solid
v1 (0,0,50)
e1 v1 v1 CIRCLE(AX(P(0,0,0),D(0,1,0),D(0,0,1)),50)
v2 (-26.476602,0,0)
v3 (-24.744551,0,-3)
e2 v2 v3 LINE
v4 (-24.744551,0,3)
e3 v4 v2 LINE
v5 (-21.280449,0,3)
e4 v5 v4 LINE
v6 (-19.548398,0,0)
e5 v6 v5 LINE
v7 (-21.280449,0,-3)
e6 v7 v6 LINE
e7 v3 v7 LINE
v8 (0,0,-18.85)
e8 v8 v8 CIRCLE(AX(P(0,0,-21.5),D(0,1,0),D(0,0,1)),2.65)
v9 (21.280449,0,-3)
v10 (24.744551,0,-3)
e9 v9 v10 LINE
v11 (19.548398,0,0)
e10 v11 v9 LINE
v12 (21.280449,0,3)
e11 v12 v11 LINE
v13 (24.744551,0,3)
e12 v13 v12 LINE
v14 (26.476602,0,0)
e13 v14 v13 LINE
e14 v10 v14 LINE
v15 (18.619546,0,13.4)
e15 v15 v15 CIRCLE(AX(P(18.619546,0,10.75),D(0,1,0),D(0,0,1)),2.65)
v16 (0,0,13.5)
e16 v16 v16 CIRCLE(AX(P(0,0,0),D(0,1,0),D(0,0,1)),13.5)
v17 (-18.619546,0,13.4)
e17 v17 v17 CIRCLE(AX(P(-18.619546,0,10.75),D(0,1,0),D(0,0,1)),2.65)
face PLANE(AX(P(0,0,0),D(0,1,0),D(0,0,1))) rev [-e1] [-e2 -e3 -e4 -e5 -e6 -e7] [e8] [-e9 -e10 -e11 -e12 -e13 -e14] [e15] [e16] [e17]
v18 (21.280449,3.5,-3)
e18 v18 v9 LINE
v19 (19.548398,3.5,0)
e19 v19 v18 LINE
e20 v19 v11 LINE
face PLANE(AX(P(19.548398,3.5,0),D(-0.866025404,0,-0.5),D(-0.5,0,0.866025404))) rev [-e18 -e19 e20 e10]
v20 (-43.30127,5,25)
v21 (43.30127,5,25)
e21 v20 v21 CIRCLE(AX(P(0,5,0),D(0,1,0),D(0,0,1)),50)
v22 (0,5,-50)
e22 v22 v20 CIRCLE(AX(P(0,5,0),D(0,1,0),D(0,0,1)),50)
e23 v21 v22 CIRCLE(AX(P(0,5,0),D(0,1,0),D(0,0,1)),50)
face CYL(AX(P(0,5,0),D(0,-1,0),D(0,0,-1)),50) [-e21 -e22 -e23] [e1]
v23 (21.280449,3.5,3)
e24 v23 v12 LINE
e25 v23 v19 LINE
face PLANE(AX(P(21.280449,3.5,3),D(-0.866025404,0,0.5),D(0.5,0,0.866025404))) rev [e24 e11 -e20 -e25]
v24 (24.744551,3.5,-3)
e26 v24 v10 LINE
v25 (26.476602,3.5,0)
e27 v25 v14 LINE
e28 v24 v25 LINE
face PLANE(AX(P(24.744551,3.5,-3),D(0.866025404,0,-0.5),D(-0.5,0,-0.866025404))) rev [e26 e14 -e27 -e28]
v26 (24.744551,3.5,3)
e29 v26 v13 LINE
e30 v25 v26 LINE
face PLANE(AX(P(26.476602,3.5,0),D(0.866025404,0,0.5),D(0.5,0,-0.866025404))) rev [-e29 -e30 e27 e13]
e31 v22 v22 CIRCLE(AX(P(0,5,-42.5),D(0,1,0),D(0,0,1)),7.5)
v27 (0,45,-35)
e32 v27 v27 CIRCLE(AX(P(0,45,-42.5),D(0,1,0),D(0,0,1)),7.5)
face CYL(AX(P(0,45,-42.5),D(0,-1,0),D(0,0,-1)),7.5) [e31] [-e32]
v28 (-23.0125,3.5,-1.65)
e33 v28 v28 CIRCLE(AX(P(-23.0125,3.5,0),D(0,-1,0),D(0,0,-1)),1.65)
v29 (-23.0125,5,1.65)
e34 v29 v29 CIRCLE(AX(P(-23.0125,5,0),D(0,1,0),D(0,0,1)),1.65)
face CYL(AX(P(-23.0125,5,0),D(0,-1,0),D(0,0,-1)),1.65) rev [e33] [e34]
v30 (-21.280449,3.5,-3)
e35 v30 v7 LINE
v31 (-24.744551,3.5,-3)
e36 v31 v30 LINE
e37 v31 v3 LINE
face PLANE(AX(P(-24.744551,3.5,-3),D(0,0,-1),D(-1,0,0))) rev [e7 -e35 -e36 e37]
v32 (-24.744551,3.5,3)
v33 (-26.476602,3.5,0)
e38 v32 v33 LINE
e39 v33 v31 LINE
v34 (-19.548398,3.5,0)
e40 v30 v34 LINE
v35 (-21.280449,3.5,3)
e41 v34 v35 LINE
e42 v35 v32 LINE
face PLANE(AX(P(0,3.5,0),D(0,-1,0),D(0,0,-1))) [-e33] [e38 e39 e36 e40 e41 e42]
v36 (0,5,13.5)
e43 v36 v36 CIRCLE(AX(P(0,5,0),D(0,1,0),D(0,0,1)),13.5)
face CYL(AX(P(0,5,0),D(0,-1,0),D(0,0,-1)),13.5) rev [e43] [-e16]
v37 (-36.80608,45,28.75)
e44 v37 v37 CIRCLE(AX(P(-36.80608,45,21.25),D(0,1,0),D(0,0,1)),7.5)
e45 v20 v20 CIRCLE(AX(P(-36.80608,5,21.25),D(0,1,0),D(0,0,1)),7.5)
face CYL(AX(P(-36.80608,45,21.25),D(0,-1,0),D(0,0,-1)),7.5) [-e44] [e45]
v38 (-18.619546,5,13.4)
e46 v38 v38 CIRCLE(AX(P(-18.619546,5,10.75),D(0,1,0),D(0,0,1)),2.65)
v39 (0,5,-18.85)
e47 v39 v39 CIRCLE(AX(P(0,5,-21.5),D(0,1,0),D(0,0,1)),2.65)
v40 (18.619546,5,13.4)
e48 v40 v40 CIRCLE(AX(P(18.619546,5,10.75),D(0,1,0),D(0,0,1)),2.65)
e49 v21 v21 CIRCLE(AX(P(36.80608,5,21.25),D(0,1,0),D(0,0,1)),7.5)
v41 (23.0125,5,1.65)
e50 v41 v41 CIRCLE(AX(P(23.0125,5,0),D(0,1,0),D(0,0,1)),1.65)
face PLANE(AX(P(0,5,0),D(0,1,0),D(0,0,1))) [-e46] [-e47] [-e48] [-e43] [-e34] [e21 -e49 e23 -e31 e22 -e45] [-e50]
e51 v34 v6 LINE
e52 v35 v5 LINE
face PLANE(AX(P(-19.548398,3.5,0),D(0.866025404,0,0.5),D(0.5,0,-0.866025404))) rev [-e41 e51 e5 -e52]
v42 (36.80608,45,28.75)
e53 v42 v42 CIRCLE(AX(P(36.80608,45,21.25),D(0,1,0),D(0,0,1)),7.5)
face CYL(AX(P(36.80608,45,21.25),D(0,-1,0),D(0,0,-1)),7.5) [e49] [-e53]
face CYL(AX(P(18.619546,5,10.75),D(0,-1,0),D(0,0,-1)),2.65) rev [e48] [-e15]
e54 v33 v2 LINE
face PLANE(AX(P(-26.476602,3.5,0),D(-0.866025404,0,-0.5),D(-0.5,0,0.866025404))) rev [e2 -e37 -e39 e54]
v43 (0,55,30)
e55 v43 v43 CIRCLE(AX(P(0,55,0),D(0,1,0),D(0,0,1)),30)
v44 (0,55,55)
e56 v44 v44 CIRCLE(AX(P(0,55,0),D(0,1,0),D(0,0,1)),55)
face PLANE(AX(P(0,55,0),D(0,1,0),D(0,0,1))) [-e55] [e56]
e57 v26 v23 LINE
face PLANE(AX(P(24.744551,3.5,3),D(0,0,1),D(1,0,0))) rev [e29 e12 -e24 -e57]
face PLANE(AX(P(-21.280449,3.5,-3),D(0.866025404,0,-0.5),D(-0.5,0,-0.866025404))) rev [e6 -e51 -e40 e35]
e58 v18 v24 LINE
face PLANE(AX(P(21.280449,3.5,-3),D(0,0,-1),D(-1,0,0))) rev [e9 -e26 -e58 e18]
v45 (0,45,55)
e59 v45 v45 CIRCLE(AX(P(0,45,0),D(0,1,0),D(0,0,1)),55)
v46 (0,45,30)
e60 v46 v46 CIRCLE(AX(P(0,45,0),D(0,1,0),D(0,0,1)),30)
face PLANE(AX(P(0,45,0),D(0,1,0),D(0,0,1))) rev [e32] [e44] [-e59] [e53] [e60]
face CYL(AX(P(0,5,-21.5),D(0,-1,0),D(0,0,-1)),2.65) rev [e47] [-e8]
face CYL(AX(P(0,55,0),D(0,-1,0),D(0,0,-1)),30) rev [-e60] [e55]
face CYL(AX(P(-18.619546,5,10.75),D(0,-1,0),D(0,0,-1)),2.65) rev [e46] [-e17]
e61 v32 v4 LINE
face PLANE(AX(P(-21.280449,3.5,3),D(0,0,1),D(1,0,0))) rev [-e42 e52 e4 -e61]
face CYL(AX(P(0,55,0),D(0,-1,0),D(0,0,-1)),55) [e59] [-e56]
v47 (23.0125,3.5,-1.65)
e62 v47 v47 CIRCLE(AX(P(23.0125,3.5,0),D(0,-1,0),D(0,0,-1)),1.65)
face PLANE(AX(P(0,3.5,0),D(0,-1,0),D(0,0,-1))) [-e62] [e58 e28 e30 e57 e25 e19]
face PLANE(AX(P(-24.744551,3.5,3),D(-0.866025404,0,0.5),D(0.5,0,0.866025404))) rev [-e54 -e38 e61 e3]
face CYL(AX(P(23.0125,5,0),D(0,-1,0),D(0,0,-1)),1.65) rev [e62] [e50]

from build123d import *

# Parameters (mm, degrees)
SKETCH1_R           = 50
SKETCH1_R_2         = 13.5
SKETCH1_R_3         = 2.65
SKETCH1_R_4         = 1.65
BOSS_EXTRUDE1_DEPTH = 5
SKETCH3_R           = 7.5
BOSS_EXTRUDE2_DEPTH = 40
SKETCH4_R           = 55
SKETCH4_R_2         = 30
BOSS_EXTRUDE3_DEPTH = 10
CUT_EXTRUDE1_DEPTH  = 3.5


with BuildPart() as part:
    # Sketch1 → Boss-Extrude1 (new body)
    with BuildSketch(Plane(origin=(0, 0, 0), x_dir=(1, 0, 0), z_dir=(0, 1, 0))):
        with Locations(Location((0, 0, 0), (0, 0, 270))):
            Circle(SKETCH1_R)
        with Locations(Location((0, 0, 0), (0, 0, 270))):
            Circle(SKETCH1_R_2, mode=Mode.SUBTRACT)
        with Locations(Location((0, 21.5, 0), (0, 0, 270))):
            Circle(SKETCH1_R_3, mode=Mode.SUBTRACT)
        with Locations(Location((23.0125, 0, 0), (0, 0, 270))):
            Circle(SKETCH1_R_4, mode=Mode.SUBTRACT)
        with Locations(Location((-23.0125, 0, 0), (0, 0, 270))):
            Circle(SKETCH1_R_4, mode=Mode.SUBTRACT)
        with Locations(Location((18.619546181, -10.75, 0), (0, 0, 270))):
            Circle(SKETCH1_R_3, mode=Mode.SUBTRACT)
        with Locations(Location((-18.619546181, -10.75, 0), (0, 0, 270))):
            Circle(SKETCH1_R_3, mode=Mode.SUBTRACT)
    extrude(amount=BOSS_EXTRUDE1_DEPTH)

    # Sketch3 → Boss-Extrude2 (add)
    with BuildSketch(Plane(origin=(0, 5, 0), x_dir=(1, 0, 0), z_dir=(0, 1, 0))):
        with Locations(Location((0, 42.5, 0), (0, 0, 89.99967908))):
            Circle(SKETCH3_R)
        with Locations(Location((36.806079661, -21.25, 0), (0, 0, 329.999669783))):
            Circle(SKETCH3_R)
        with Locations(Location((-36.806079661, -21.25, 0), (0, 0, 209.999673972))):
            Circle(SKETCH3_R)
    extrude(amount=BOSS_EXTRUDE2_DEPTH)

    # Sketch4 → Boss-Extrude3 (add)
    with BuildSketch(Plane(origin=(0, 45, 0), x_dir=(1, 0, 0), z_dir=(0, 1, 0))):
        with Locations(Location((0, 0, 0), (0, 0, 270))):
            Circle(SKETCH4_R)
        with Locations(Location((0, 0, 0), (0, 0, 270))):
            Circle(SKETCH4_R_2, mode=Mode.SUBTRACT)
    extrude(amount=BOSS_EXTRUDE3_DEPTH)

    # Sketch5 → Cut-Extrude1 (cut)
    with BuildSketch(Plane(origin=(0, 0, 0), x_dir=(-1, 0, 0), z_dir=(0, -1, 0))):
        Polygon((-26.476601615, 0), (-24.744550808, -3), (-21.280449192, -3), (-19.548398385, 0), (-21.280449192, 3), (-24.744550808, 3), align=None)
        Polygon((26.476601615, 0), (24.744550808, 3), (21.280449192, 3), (19.548398385, 0), (21.280449192, -3), (24.744550808, -3), align=None)
    extrude(amount=-CUT_EXTRUDE1_DEPTH, mode=Mode.SUBTRACT)


solid = part.part
